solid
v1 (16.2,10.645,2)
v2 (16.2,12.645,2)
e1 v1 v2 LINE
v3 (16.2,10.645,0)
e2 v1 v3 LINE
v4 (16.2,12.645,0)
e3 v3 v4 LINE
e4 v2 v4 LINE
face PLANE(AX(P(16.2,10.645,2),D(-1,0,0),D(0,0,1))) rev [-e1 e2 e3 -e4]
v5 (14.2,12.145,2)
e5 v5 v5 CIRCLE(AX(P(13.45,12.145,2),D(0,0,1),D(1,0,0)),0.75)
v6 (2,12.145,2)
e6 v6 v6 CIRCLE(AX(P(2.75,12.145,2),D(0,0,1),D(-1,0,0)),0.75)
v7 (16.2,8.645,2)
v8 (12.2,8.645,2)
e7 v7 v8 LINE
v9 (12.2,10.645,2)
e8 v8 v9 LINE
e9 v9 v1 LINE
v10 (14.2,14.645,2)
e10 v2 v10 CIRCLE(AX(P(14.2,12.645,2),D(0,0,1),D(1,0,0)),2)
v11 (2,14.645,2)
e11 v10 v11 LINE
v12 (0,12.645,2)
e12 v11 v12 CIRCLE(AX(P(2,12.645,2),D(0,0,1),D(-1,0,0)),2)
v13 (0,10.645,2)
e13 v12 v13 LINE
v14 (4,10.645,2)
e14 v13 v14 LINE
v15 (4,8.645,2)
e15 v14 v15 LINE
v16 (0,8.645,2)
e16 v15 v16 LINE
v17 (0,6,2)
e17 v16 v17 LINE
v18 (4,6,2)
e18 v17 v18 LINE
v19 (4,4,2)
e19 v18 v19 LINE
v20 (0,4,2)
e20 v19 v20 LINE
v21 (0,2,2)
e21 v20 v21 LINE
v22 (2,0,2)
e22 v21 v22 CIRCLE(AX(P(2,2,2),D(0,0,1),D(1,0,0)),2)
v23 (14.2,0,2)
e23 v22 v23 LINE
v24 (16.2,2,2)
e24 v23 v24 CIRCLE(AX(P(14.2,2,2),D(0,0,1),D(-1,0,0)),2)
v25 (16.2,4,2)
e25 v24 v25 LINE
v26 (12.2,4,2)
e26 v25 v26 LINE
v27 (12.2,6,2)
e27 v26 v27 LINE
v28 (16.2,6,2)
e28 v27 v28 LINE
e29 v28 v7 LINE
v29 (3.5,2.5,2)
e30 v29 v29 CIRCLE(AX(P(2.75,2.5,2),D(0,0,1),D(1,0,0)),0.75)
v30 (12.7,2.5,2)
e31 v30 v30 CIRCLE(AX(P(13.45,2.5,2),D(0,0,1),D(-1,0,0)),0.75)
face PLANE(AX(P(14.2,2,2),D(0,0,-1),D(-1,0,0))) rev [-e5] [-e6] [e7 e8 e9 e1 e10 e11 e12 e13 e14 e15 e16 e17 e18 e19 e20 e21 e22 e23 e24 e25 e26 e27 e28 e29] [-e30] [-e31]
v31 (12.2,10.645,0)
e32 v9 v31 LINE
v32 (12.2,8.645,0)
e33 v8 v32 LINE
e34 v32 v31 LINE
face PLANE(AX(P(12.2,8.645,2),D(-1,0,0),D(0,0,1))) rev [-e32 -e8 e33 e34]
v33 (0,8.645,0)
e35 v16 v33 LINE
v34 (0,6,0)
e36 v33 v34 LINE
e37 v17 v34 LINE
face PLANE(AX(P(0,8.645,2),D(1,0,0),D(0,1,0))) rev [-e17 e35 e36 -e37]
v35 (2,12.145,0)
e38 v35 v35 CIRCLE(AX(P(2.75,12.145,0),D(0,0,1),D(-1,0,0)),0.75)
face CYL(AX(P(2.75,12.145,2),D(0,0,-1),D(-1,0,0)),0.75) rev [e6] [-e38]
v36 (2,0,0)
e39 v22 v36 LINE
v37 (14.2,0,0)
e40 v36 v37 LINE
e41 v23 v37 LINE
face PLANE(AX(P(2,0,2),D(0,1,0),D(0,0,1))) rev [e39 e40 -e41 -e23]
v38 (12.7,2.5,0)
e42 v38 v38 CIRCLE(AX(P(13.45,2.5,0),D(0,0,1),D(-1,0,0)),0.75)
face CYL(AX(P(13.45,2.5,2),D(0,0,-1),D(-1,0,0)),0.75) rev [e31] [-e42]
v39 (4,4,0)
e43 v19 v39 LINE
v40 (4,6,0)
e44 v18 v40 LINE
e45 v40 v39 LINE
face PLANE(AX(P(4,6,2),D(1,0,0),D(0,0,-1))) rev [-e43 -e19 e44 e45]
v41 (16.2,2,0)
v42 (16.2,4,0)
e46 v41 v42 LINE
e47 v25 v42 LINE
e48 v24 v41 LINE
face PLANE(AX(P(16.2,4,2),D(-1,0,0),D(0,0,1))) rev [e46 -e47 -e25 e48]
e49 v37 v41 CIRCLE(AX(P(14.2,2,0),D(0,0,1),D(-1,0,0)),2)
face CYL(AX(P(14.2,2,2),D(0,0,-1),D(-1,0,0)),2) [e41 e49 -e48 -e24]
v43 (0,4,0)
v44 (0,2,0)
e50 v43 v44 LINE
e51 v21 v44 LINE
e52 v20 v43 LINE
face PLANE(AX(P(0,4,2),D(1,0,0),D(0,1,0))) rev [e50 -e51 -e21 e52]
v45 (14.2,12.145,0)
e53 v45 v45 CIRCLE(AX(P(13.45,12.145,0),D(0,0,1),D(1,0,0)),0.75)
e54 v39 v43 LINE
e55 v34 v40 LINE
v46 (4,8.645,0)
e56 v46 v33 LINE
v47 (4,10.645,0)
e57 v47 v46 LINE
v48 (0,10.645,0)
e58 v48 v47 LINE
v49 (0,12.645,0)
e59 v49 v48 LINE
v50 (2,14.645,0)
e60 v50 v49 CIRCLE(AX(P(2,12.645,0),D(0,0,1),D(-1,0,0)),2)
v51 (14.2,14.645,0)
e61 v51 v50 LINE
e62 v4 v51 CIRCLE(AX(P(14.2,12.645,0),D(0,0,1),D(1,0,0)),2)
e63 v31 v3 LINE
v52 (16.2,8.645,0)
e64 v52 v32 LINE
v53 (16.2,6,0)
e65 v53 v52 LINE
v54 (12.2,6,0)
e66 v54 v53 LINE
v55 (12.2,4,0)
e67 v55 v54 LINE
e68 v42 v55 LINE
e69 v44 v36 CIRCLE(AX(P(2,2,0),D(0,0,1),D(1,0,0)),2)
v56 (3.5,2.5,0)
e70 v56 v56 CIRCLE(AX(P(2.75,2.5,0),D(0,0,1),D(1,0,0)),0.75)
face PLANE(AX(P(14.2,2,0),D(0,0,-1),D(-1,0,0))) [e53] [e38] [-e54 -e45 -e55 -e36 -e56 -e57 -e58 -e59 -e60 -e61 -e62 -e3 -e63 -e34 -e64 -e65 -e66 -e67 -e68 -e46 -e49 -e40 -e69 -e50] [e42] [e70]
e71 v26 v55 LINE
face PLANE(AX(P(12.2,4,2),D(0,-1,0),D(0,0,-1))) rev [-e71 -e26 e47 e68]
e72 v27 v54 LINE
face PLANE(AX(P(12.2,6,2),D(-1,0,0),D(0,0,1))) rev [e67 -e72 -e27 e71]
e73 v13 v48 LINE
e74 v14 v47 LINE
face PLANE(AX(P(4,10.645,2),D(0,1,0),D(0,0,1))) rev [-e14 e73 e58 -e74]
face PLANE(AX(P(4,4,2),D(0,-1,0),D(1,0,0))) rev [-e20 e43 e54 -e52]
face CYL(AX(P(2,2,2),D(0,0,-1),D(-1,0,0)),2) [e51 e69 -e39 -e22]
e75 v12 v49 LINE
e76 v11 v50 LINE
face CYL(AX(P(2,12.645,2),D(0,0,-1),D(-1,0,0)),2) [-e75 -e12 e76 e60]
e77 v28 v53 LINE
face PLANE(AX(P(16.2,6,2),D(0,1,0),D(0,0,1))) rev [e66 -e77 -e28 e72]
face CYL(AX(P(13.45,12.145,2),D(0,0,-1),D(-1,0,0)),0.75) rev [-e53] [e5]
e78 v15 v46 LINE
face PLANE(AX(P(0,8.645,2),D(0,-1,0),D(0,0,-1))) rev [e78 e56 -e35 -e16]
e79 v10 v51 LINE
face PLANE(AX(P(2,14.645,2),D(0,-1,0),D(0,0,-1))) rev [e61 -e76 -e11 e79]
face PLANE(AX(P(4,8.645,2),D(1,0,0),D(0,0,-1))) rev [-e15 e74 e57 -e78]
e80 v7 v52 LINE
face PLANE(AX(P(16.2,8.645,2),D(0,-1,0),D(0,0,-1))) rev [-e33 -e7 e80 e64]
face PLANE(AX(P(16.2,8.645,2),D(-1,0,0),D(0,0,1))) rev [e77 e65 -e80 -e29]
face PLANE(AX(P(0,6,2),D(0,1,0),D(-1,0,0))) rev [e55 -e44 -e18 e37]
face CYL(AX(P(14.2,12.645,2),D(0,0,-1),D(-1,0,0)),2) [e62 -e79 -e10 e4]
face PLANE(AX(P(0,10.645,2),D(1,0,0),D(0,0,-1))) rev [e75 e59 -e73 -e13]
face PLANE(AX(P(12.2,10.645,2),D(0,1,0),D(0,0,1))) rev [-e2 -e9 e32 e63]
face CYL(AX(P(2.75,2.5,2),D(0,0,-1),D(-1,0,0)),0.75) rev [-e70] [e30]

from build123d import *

# Parameters (mm, degrees)
SKETCH1_R           = 0.75
BOSS_EXTRUDE1_DEPTH = 2


with BuildPart() as part:
    # Sketch1 → Boss-Extrude1 (new body)
    with BuildSketch(Plane.XY):
        with BuildLine():
            Line((16.2, 4), (16.2, 2))
            ThreePointArc((16.2, 2), (15.614213562, 0.585786438), (14.2, 0))
            Line((14.2, 0), (2, 0))
            ThreePointArc((2, 0), (0.585786438, 0.585786438), (0, 2))
            Line((0, 2), (0, 4))
            Line((0, 4), (4, 4))
            Line((4, 4), (4, 6))
            Line((4, 6), (0, 6))
            Line((0, 6), (0, 8.645))
            Line((0, 8.645), (4, 8.645))
            Line((4, 8.645), (4, 10.645))
            Line((4, 10.645), (0, 10.645))
            Line((0, 10.645), (0, 12.645))
            ThreePointArc((0, 12.645), (0.585786438, 14.059213562), (2, 14.645))
            Line((2, 14.645), (14.2, 14.645))
            ThreePointArc((14.2, 14.645), (15.614213562, 14.059213562), (16.2, 12.645))
            Line((16.2, 12.645), (16.2, 10.645))
            Line((16.2, 10.645), (12.2, 10.645))
            Line((12.2, 10.645), (12.2, 8.645))
            Line((12.2, 8.645), (16.2, 8.645))
            Line((16.2, 8.645), (16.2, 6))
            Line((16.2, 6), (12.2, 6))
            Line((12.2, 6), (12.2, 4))
            Line((12.2, 4), (16.2, 4))
        make_face()
        with Locations((13.45, 2.5)):
            Circle(SKETCH1_R, mode=Mode.SUBTRACT)
        with Locations((2.75, 12.145)):
            Circle(SKETCH1_R, mode=Mode.SUBTRACT)
        with Locations((13.45, 12.145)):
            Circle(SKETCH1_R, mode=Mode.SUBTRACT)
        with Locations((2.75, 2.5)):
            Circle(SKETCH1_R, mode=Mode.SUBTRACT)
    extrude(amount=BOSS_EXTRUDE1_DEPTH)


solid = part.part
